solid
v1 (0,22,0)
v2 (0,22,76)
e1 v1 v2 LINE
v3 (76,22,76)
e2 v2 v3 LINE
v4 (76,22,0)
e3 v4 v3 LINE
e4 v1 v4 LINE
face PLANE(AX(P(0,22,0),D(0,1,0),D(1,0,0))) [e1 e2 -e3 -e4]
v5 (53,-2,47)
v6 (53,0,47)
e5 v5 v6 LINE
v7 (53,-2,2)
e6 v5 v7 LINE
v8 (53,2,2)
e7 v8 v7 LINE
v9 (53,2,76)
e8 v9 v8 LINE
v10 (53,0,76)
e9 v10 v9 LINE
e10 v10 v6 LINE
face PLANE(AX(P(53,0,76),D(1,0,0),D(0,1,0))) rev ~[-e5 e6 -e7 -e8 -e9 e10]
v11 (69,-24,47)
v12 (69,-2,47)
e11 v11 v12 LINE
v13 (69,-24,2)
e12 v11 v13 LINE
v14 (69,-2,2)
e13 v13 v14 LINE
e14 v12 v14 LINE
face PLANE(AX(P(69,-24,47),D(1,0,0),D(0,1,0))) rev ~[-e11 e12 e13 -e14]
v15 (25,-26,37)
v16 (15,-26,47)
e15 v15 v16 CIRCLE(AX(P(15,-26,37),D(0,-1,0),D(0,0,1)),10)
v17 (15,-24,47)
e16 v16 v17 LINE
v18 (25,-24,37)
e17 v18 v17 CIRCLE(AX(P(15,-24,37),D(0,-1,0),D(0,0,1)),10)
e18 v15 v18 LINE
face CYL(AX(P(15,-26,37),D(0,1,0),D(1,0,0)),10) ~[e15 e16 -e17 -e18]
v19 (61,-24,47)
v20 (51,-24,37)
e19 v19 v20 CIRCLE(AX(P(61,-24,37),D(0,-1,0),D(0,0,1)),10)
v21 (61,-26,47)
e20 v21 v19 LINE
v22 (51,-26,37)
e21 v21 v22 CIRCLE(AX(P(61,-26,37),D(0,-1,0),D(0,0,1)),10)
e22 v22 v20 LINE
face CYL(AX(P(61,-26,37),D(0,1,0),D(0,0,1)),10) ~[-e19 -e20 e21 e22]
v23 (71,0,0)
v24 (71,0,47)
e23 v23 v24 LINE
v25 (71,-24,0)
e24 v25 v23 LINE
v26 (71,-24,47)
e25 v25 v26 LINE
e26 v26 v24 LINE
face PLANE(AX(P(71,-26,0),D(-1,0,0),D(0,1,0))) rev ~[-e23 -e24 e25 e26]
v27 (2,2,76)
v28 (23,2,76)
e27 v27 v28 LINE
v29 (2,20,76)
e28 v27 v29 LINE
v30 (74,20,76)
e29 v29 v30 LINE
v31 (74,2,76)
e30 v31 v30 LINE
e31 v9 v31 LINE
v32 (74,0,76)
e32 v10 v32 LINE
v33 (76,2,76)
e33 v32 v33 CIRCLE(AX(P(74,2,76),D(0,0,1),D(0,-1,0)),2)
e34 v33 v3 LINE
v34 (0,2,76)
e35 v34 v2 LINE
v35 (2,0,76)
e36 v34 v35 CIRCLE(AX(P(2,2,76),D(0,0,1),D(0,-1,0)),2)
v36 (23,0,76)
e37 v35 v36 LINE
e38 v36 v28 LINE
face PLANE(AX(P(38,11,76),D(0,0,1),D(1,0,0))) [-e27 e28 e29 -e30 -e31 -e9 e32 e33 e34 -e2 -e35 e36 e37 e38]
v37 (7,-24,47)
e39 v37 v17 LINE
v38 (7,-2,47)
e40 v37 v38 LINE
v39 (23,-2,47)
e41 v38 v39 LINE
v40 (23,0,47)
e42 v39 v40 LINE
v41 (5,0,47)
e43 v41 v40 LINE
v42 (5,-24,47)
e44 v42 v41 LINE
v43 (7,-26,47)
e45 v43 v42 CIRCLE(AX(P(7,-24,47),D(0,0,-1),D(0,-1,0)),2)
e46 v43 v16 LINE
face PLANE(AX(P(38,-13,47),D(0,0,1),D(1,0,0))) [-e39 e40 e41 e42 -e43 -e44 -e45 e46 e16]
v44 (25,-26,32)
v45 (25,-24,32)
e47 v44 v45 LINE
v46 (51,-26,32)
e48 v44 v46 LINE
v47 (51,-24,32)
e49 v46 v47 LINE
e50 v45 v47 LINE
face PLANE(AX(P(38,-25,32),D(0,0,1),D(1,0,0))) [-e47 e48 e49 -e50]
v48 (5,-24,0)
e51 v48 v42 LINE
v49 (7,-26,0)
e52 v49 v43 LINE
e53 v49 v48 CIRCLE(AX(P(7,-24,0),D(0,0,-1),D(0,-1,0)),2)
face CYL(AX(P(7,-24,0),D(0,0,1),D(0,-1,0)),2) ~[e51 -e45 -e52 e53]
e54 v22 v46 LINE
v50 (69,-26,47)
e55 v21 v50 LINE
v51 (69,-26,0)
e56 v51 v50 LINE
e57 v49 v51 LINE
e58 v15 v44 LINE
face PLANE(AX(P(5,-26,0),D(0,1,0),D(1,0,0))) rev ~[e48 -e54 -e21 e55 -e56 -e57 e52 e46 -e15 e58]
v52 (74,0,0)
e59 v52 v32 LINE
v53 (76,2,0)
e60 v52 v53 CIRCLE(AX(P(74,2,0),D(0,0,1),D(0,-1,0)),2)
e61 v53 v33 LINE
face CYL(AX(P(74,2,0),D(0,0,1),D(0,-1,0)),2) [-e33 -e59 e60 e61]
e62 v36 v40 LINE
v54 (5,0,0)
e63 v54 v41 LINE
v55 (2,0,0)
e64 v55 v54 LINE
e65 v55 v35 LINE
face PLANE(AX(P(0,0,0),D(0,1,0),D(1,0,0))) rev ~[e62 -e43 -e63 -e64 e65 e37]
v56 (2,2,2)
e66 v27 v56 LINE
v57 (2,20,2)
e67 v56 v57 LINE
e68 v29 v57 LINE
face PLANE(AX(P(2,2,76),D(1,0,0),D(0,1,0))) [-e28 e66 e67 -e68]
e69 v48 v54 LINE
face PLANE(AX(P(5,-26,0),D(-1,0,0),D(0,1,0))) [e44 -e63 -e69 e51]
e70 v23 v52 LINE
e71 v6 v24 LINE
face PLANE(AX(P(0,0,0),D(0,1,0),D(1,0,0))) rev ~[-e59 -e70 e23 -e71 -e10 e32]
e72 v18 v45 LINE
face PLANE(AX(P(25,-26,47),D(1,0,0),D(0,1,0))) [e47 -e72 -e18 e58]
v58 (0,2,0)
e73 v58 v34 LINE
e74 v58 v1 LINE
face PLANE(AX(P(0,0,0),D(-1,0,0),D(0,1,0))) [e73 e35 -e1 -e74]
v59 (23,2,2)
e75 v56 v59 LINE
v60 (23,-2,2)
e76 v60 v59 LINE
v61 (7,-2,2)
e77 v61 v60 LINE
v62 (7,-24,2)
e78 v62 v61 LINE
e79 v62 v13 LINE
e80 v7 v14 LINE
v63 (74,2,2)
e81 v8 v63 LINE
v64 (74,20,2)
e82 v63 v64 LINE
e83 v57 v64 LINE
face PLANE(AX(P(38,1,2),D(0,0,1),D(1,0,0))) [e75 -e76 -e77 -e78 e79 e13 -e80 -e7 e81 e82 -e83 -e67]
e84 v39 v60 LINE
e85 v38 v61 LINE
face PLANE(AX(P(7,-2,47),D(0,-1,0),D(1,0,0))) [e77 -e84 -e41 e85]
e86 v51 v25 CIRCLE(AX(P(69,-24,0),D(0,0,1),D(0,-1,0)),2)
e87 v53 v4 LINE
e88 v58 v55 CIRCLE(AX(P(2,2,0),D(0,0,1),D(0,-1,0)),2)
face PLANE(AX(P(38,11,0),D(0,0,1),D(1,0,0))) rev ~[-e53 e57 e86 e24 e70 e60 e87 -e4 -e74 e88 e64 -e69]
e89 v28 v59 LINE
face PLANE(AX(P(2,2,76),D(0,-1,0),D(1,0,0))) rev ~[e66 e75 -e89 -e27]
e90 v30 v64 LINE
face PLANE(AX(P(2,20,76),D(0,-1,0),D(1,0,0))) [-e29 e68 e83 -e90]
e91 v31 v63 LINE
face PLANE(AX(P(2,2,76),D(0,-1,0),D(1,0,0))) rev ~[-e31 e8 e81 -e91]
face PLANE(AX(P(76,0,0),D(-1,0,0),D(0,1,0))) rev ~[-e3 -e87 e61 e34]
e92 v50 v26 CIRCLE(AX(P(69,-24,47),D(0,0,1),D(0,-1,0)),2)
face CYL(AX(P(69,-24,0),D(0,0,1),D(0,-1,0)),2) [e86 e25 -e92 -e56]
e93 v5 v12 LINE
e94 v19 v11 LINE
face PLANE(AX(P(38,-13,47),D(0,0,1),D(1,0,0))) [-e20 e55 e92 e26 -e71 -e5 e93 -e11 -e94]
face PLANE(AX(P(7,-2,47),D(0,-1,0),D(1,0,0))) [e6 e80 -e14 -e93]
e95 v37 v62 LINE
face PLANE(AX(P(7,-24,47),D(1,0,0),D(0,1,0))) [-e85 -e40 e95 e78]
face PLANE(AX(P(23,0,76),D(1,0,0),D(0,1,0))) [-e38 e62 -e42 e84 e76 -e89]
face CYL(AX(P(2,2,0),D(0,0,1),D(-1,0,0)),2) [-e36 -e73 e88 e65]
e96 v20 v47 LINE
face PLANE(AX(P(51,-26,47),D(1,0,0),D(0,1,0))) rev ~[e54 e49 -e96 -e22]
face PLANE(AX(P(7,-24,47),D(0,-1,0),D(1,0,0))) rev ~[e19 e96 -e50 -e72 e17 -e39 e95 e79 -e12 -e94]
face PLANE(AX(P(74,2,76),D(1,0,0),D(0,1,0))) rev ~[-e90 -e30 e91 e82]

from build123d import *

# Parameters (mm, degrees)
SKETCH_W        = 76
SKETCH_H        = 22
PAD_DEPTH       = 76
SKETCH001_W     = 66
SKETCH001_H     = 26
PAD001_DEPTH    = 47
SKETCH002_W     = 62
SKETCH002_H     = 22
POCKET_DEPTH    = 45
SKETCH003_W     = 72
SKETCH003_H     = 18
POCKET001_DEPTH = 74
SKETCH004_W     = 30
SKETCH004_H     = 2
POCKET002_DEPTH = 45
SKETCH005_W     = 30
SKETCH005_H     = 2
POCKET003_DEPTH = 74
SKETCH006_W     = 26
SKETCH006_H     = 2
POCKET004_DEPTH = 15
FILLET_R        = 10
FILLET001_R     = 10
FILLET002_R     = 2
FILLET003_R     = 2
FILLET004_R     = 2
FILLET005_R     = 2


with BuildPart() as part:
    # Sketch → Pad (new body)
    with BuildSketch(Plane.XY):
        with Locations((38, 11)):
            Rectangle(SKETCH_W, SKETCH_H)
    extrude(amount=PAD_DEPTH)

    # Sketch001 → Pad001 (join)
    with BuildSketch(Plane.XY):
        with Locations((38, -13)):
            Rectangle(SKETCH001_W, SKETCH001_H)
    extrude(amount=PAD001_DEPTH)

    # Sketch002 (on Face4 of Pad001) → Pocket (cut)
    with BuildSketch(Plane.XY.offset(47)):
        with Locations((38, -13)):
            Rectangle(SKETCH002_W, SKETCH002_H)
    extrude(amount=-POCKET_DEPTH, mode=Mode.SUBTRACT)

    # Sketch003 (on Face7 of Pocket) → Pocket001 (cut)
    with BuildSketch(Plane.XY.offset(76)):
        with Locations((38, 11)):
            Rectangle(SKETCH003_W, SKETCH003_H)
    extrude(amount=-POCKET001_DEPTH, mode=Mode.SUBTRACT)

    # Sketch004 (on Face4 of Pocket001) → Pocket002 (cut)
    with BuildSketch(Plane.XY.offset(47)):
        with Locations((38, -1)):
            Rectangle(SKETCH004_W, SKETCH004_H)
    extrude(amount=-POCKET002_DEPTH, mode=Mode.SUBTRACT)

    # Sketch005 (on Face8 of Pocket002) → Pocket003 (cut)
    with BuildSketch(Plane.XY.offset(76)):
        with Locations((38, 1)):
            Rectangle(SKETCH005_W, SKETCH005_H)
    extrude(amount=-POCKET003_DEPTH, mode=Mode.SUBTRACT)

    # Sketch006 (on Face4 of Pocket003) → Pocket004 (cut)
    with BuildSketch(Plane.XY.offset(47)):
        with Locations((38, -25)):
            Rectangle(SKETCH006_W, SKETCH006_H)
    extrude(amount=-POCKET004_DEPTH, mode=Mode.SUBTRACT)

    # Fillet
    fillet_edges = [part.edges().sort_by_distance(p)[0] for p in [
        (51, -25, 47),
    ]]
    fillet(fillet_edges, radius=FILLET_R)

    # Fillet001
    fillet001_edges = [part.edges().sort_by_distance(p)[0] for p in [
        (25, -25, 47),
    ]]
    fillet(fillet001_edges, radius=FILLET001_R)

    # Fillet002
    fillet002_edges = [part.edges().sort_by_distance(p)[0] for p in [
        (5, -26, 23.5),
    ]]
    fillet(fillet002_edges, radius=FILLET002_R)

    # Fillet003
    fillet003_edges = [part.edges().sort_by_distance(p)[0] for p in [
        (71, -26, 23.5),
    ]]
    fillet(fillet003_edges, radius=FILLET003_R)

    # Fillet004
    fillet004_edges = [part.edges().sort_by_distance(p)[0] for p in [
        (76, 0, 38),
    ]]
    fillet(fillet004_edges, radius=FILLET004_R)

    # Fillet005
    fillet005_edges = [part.edges().sort_by_distance(p)[0] for p in [
        (0, 0, 38),
    ]]
    fillet(fillet005_edges, radius=FILLET005_R)


solid = part.part
